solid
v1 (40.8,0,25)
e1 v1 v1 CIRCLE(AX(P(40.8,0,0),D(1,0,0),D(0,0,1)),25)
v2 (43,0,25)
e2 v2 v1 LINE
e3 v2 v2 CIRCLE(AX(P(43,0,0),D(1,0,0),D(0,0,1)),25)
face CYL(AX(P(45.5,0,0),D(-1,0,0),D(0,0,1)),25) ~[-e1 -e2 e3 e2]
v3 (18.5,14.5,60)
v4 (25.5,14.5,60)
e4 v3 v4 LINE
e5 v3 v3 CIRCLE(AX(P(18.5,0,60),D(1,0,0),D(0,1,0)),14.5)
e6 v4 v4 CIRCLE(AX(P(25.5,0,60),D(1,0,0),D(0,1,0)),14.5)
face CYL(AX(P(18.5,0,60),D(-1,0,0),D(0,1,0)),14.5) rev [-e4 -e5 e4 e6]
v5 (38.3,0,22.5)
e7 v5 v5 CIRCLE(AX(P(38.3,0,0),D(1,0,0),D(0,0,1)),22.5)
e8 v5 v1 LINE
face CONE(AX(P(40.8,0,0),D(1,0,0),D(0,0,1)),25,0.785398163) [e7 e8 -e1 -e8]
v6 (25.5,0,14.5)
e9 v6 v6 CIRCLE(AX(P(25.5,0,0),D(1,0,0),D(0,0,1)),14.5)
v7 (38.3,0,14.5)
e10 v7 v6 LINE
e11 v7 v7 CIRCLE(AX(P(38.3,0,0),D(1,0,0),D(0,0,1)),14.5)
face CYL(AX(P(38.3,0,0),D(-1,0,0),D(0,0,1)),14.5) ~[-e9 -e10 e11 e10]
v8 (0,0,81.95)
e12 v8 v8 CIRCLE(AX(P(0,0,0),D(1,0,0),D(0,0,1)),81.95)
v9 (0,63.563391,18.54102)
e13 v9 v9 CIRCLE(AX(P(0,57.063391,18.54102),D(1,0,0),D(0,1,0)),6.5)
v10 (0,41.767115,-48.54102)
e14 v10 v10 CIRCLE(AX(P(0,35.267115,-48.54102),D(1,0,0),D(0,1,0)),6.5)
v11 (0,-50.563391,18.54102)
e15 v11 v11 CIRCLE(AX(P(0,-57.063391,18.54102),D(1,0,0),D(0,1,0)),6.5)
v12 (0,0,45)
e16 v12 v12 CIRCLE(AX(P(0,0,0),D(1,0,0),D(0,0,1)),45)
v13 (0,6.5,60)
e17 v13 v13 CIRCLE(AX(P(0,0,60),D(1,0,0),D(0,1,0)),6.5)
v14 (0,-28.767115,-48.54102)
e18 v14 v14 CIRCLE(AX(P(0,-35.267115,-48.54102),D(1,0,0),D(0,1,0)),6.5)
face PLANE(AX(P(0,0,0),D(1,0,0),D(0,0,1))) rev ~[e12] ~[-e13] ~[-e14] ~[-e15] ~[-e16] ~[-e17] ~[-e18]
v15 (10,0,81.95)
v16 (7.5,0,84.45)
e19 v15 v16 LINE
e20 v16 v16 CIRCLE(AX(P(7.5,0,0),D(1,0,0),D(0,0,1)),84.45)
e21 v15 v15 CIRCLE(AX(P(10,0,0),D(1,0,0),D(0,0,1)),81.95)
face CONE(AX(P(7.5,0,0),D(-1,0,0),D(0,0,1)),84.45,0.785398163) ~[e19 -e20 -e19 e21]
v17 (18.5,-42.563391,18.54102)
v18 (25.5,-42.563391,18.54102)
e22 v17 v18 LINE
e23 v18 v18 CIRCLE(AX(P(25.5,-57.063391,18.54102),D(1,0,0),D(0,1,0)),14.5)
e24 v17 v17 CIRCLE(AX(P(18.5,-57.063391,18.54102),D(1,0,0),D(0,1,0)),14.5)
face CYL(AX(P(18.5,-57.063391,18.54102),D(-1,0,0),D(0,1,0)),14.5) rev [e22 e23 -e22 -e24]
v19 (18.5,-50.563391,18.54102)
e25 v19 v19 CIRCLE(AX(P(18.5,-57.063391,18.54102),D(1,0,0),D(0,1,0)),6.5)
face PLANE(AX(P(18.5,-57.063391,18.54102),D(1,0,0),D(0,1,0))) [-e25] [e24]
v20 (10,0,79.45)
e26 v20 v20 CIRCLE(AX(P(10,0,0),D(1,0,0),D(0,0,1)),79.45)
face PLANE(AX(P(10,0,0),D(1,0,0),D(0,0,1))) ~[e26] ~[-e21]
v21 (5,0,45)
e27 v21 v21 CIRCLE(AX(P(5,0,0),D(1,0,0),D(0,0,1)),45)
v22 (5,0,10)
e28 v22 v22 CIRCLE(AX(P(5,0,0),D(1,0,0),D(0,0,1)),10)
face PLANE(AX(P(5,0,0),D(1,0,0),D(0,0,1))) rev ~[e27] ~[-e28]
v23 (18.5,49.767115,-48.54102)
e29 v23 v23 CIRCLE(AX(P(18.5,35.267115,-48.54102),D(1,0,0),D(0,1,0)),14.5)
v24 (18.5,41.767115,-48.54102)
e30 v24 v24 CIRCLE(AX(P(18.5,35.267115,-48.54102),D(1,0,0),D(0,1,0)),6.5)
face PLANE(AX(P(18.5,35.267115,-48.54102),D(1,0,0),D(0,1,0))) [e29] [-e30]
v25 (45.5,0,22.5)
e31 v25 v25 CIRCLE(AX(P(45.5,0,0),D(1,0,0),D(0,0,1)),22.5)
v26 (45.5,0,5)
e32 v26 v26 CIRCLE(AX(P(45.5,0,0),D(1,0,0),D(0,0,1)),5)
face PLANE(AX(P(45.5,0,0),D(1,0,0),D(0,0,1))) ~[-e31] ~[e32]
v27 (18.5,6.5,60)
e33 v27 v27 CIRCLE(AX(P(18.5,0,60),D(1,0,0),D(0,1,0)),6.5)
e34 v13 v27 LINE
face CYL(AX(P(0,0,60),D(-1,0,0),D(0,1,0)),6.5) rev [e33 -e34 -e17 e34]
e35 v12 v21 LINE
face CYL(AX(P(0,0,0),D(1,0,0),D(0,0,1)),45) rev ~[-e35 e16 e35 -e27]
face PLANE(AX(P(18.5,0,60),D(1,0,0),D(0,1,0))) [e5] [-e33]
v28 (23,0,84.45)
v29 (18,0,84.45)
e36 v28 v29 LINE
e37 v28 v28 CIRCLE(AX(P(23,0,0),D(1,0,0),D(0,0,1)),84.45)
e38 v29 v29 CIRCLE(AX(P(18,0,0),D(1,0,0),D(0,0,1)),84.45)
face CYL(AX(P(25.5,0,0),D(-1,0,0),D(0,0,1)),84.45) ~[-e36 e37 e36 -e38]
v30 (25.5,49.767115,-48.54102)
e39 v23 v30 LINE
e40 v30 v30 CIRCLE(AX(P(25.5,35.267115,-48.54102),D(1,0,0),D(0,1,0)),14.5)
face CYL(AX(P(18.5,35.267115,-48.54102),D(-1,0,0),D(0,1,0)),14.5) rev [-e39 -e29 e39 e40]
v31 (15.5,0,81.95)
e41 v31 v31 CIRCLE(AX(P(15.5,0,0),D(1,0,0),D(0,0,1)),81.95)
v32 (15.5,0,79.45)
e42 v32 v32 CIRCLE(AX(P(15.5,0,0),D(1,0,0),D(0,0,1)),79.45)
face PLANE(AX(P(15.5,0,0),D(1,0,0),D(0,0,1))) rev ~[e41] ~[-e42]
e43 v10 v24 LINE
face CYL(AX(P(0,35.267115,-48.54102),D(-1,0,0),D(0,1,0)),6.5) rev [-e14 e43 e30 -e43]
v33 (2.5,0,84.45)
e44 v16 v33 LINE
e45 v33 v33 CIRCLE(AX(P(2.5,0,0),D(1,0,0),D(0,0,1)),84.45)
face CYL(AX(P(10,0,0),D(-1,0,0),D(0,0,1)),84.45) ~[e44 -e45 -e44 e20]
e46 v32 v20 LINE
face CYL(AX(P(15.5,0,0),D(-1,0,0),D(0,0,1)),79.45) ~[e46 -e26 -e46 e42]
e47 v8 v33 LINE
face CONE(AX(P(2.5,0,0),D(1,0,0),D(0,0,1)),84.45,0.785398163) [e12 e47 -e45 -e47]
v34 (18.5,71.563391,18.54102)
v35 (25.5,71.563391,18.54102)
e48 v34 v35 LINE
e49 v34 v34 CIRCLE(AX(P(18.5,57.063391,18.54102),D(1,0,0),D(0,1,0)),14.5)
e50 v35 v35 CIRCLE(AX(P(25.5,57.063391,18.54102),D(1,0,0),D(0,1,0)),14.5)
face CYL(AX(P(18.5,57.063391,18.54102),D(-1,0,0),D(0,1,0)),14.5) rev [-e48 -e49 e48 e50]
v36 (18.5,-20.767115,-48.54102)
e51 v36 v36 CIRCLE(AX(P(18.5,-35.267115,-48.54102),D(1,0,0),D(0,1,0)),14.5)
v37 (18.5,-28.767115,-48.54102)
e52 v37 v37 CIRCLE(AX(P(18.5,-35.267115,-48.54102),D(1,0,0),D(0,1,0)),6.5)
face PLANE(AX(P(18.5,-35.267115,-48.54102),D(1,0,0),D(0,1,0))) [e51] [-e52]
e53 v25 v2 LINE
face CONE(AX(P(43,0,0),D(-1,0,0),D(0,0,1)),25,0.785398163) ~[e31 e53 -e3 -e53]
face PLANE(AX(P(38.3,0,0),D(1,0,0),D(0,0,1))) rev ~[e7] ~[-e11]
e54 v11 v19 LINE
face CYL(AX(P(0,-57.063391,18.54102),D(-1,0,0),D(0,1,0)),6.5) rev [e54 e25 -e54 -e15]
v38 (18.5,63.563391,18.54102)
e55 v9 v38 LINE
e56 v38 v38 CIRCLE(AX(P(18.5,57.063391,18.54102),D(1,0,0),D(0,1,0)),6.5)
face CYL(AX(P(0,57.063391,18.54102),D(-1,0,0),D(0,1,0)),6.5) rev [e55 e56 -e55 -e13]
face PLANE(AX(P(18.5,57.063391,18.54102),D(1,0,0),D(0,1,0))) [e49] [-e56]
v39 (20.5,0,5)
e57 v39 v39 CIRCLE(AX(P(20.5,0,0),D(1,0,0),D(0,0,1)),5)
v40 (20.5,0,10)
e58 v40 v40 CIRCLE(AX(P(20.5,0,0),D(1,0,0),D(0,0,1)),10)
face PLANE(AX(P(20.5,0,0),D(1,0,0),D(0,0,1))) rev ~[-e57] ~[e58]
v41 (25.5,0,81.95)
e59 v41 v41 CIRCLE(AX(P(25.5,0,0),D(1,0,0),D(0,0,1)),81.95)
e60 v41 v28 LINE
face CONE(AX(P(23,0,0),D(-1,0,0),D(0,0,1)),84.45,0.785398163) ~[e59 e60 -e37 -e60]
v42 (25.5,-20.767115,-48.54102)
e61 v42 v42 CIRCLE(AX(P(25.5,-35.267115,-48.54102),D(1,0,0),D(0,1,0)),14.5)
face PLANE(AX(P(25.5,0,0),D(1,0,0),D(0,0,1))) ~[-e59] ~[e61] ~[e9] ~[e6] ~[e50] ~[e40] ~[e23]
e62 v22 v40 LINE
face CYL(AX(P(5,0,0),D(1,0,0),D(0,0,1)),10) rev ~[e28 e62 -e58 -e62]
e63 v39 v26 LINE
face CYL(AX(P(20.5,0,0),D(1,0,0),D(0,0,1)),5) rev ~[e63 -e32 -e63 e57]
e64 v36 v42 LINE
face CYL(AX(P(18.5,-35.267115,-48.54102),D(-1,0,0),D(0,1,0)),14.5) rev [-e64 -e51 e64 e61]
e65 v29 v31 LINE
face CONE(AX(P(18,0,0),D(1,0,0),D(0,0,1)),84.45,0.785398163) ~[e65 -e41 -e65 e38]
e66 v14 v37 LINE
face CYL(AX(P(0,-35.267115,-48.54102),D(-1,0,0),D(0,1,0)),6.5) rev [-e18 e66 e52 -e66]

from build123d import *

# Parameters (mm, degrees)
F2_SIZE  = 2.5
F3_R     = 6.5
F4_DEPTH = 45.501
F5_START = 18.5
F3_R_2   = 14.5
F5_DEPTH = 7
F6_SIZE  = 2.5


with BuildPart() as f1:
    # F0 (on Front) → F1 (revolve)
    with BuildSketch(Plane.XZ):
        Polygon((0, 84.45), (0, 45), (5, 45), (5, 10), (20.5, 10), (20.5, 5), (45.5, 5), (45.5, 25), (38.3, 25), (38.3, 14.5), (25.5, 14.5), (25.5, 84.45), (15.5, 84.45), (15.5, 79.45), (10, 79.45), (10, 84.45), align=None)
    revolve(axis=Axis((36.0234118998, 0, 0), (1, 0, 0)))

    # F2
    f2_edges = [f1.edges().sort_by_distance(p)[0] for p in [
        (25.5, 0, -84.45),
        (15.5, 0, -84.45),
        (10, 0, -84.45),
        (0, 0, -84.45),
    ]]
    chamfer(f2_edges, length=F2_SIZE)

    # F3 (on Right) → F4 (cut, through all)
    with BuildSketch(Plane.YZ):
        with Locations((57.0633909777, 18.5410196625)):
            Circle(F3_R)
        with Locations((35.2671151375, -48.5410196625)):
            Circle(F3_R)
        with Locations((-35.2671151375, -48.5410196625)):
            Circle(F3_R)
        with Locations((-57.0633909777, 18.5410196625)):
            Circle(F3_R)
        with Locations((0, 60)):
            Circle(F3_R)
    extrude(amount=F4_DEPTH, mode=Mode.SUBTRACT)

    # F3 (on Right) → F5 (cut)
    with BuildSketch(Plane.YZ.offset(F5_START)):
        with Locations((0, 60)):
            Circle(F3_R_2)
        with Locations((0, 60)):
            Circle(F3_R, mode=Mode.SUBTRACT)
        with Locations((-57.0633909777, 18.5410196625)):
            Circle(F3_R_2)
        with Locations((-57.0633909777, 18.5410196625)):
            Circle(F3_R, mode=Mode.SUBTRACT)
        with Locations((-35.2671151375, -48.5410196625)):
            Circle(F3_R_2)
        with Locations((-35.2671151375, -48.5410196625)):
            Circle(F3_R, mode=Mode.SUBTRACT)
        with Locations((35.2671151375, -48.5410196625)):
            Circle(F3_R_2)
        with Locations((35.2671151375, -48.5410196625)):
            Circle(F3_R, mode=Mode.SUBTRACT)
        with Locations((57.0633909777, 18.5410196625)):
            Circle(F3_R_2)
        with Locations((57.0633909777, 18.5410196625)):
            Circle(F3_R, mode=Mode.SUBTRACT)
    extrude(amount=F5_DEPTH, mode=Mode.SUBTRACT)

    # F6
    f6_edges = [f1.edges().sort_by_distance(p)[0] for p in [
        (45.5, 0, -25),
        (38.3, 0, -25),
    ]]
    chamfer(f6_edges, length=F6_SIZE)


solid = f1.part
